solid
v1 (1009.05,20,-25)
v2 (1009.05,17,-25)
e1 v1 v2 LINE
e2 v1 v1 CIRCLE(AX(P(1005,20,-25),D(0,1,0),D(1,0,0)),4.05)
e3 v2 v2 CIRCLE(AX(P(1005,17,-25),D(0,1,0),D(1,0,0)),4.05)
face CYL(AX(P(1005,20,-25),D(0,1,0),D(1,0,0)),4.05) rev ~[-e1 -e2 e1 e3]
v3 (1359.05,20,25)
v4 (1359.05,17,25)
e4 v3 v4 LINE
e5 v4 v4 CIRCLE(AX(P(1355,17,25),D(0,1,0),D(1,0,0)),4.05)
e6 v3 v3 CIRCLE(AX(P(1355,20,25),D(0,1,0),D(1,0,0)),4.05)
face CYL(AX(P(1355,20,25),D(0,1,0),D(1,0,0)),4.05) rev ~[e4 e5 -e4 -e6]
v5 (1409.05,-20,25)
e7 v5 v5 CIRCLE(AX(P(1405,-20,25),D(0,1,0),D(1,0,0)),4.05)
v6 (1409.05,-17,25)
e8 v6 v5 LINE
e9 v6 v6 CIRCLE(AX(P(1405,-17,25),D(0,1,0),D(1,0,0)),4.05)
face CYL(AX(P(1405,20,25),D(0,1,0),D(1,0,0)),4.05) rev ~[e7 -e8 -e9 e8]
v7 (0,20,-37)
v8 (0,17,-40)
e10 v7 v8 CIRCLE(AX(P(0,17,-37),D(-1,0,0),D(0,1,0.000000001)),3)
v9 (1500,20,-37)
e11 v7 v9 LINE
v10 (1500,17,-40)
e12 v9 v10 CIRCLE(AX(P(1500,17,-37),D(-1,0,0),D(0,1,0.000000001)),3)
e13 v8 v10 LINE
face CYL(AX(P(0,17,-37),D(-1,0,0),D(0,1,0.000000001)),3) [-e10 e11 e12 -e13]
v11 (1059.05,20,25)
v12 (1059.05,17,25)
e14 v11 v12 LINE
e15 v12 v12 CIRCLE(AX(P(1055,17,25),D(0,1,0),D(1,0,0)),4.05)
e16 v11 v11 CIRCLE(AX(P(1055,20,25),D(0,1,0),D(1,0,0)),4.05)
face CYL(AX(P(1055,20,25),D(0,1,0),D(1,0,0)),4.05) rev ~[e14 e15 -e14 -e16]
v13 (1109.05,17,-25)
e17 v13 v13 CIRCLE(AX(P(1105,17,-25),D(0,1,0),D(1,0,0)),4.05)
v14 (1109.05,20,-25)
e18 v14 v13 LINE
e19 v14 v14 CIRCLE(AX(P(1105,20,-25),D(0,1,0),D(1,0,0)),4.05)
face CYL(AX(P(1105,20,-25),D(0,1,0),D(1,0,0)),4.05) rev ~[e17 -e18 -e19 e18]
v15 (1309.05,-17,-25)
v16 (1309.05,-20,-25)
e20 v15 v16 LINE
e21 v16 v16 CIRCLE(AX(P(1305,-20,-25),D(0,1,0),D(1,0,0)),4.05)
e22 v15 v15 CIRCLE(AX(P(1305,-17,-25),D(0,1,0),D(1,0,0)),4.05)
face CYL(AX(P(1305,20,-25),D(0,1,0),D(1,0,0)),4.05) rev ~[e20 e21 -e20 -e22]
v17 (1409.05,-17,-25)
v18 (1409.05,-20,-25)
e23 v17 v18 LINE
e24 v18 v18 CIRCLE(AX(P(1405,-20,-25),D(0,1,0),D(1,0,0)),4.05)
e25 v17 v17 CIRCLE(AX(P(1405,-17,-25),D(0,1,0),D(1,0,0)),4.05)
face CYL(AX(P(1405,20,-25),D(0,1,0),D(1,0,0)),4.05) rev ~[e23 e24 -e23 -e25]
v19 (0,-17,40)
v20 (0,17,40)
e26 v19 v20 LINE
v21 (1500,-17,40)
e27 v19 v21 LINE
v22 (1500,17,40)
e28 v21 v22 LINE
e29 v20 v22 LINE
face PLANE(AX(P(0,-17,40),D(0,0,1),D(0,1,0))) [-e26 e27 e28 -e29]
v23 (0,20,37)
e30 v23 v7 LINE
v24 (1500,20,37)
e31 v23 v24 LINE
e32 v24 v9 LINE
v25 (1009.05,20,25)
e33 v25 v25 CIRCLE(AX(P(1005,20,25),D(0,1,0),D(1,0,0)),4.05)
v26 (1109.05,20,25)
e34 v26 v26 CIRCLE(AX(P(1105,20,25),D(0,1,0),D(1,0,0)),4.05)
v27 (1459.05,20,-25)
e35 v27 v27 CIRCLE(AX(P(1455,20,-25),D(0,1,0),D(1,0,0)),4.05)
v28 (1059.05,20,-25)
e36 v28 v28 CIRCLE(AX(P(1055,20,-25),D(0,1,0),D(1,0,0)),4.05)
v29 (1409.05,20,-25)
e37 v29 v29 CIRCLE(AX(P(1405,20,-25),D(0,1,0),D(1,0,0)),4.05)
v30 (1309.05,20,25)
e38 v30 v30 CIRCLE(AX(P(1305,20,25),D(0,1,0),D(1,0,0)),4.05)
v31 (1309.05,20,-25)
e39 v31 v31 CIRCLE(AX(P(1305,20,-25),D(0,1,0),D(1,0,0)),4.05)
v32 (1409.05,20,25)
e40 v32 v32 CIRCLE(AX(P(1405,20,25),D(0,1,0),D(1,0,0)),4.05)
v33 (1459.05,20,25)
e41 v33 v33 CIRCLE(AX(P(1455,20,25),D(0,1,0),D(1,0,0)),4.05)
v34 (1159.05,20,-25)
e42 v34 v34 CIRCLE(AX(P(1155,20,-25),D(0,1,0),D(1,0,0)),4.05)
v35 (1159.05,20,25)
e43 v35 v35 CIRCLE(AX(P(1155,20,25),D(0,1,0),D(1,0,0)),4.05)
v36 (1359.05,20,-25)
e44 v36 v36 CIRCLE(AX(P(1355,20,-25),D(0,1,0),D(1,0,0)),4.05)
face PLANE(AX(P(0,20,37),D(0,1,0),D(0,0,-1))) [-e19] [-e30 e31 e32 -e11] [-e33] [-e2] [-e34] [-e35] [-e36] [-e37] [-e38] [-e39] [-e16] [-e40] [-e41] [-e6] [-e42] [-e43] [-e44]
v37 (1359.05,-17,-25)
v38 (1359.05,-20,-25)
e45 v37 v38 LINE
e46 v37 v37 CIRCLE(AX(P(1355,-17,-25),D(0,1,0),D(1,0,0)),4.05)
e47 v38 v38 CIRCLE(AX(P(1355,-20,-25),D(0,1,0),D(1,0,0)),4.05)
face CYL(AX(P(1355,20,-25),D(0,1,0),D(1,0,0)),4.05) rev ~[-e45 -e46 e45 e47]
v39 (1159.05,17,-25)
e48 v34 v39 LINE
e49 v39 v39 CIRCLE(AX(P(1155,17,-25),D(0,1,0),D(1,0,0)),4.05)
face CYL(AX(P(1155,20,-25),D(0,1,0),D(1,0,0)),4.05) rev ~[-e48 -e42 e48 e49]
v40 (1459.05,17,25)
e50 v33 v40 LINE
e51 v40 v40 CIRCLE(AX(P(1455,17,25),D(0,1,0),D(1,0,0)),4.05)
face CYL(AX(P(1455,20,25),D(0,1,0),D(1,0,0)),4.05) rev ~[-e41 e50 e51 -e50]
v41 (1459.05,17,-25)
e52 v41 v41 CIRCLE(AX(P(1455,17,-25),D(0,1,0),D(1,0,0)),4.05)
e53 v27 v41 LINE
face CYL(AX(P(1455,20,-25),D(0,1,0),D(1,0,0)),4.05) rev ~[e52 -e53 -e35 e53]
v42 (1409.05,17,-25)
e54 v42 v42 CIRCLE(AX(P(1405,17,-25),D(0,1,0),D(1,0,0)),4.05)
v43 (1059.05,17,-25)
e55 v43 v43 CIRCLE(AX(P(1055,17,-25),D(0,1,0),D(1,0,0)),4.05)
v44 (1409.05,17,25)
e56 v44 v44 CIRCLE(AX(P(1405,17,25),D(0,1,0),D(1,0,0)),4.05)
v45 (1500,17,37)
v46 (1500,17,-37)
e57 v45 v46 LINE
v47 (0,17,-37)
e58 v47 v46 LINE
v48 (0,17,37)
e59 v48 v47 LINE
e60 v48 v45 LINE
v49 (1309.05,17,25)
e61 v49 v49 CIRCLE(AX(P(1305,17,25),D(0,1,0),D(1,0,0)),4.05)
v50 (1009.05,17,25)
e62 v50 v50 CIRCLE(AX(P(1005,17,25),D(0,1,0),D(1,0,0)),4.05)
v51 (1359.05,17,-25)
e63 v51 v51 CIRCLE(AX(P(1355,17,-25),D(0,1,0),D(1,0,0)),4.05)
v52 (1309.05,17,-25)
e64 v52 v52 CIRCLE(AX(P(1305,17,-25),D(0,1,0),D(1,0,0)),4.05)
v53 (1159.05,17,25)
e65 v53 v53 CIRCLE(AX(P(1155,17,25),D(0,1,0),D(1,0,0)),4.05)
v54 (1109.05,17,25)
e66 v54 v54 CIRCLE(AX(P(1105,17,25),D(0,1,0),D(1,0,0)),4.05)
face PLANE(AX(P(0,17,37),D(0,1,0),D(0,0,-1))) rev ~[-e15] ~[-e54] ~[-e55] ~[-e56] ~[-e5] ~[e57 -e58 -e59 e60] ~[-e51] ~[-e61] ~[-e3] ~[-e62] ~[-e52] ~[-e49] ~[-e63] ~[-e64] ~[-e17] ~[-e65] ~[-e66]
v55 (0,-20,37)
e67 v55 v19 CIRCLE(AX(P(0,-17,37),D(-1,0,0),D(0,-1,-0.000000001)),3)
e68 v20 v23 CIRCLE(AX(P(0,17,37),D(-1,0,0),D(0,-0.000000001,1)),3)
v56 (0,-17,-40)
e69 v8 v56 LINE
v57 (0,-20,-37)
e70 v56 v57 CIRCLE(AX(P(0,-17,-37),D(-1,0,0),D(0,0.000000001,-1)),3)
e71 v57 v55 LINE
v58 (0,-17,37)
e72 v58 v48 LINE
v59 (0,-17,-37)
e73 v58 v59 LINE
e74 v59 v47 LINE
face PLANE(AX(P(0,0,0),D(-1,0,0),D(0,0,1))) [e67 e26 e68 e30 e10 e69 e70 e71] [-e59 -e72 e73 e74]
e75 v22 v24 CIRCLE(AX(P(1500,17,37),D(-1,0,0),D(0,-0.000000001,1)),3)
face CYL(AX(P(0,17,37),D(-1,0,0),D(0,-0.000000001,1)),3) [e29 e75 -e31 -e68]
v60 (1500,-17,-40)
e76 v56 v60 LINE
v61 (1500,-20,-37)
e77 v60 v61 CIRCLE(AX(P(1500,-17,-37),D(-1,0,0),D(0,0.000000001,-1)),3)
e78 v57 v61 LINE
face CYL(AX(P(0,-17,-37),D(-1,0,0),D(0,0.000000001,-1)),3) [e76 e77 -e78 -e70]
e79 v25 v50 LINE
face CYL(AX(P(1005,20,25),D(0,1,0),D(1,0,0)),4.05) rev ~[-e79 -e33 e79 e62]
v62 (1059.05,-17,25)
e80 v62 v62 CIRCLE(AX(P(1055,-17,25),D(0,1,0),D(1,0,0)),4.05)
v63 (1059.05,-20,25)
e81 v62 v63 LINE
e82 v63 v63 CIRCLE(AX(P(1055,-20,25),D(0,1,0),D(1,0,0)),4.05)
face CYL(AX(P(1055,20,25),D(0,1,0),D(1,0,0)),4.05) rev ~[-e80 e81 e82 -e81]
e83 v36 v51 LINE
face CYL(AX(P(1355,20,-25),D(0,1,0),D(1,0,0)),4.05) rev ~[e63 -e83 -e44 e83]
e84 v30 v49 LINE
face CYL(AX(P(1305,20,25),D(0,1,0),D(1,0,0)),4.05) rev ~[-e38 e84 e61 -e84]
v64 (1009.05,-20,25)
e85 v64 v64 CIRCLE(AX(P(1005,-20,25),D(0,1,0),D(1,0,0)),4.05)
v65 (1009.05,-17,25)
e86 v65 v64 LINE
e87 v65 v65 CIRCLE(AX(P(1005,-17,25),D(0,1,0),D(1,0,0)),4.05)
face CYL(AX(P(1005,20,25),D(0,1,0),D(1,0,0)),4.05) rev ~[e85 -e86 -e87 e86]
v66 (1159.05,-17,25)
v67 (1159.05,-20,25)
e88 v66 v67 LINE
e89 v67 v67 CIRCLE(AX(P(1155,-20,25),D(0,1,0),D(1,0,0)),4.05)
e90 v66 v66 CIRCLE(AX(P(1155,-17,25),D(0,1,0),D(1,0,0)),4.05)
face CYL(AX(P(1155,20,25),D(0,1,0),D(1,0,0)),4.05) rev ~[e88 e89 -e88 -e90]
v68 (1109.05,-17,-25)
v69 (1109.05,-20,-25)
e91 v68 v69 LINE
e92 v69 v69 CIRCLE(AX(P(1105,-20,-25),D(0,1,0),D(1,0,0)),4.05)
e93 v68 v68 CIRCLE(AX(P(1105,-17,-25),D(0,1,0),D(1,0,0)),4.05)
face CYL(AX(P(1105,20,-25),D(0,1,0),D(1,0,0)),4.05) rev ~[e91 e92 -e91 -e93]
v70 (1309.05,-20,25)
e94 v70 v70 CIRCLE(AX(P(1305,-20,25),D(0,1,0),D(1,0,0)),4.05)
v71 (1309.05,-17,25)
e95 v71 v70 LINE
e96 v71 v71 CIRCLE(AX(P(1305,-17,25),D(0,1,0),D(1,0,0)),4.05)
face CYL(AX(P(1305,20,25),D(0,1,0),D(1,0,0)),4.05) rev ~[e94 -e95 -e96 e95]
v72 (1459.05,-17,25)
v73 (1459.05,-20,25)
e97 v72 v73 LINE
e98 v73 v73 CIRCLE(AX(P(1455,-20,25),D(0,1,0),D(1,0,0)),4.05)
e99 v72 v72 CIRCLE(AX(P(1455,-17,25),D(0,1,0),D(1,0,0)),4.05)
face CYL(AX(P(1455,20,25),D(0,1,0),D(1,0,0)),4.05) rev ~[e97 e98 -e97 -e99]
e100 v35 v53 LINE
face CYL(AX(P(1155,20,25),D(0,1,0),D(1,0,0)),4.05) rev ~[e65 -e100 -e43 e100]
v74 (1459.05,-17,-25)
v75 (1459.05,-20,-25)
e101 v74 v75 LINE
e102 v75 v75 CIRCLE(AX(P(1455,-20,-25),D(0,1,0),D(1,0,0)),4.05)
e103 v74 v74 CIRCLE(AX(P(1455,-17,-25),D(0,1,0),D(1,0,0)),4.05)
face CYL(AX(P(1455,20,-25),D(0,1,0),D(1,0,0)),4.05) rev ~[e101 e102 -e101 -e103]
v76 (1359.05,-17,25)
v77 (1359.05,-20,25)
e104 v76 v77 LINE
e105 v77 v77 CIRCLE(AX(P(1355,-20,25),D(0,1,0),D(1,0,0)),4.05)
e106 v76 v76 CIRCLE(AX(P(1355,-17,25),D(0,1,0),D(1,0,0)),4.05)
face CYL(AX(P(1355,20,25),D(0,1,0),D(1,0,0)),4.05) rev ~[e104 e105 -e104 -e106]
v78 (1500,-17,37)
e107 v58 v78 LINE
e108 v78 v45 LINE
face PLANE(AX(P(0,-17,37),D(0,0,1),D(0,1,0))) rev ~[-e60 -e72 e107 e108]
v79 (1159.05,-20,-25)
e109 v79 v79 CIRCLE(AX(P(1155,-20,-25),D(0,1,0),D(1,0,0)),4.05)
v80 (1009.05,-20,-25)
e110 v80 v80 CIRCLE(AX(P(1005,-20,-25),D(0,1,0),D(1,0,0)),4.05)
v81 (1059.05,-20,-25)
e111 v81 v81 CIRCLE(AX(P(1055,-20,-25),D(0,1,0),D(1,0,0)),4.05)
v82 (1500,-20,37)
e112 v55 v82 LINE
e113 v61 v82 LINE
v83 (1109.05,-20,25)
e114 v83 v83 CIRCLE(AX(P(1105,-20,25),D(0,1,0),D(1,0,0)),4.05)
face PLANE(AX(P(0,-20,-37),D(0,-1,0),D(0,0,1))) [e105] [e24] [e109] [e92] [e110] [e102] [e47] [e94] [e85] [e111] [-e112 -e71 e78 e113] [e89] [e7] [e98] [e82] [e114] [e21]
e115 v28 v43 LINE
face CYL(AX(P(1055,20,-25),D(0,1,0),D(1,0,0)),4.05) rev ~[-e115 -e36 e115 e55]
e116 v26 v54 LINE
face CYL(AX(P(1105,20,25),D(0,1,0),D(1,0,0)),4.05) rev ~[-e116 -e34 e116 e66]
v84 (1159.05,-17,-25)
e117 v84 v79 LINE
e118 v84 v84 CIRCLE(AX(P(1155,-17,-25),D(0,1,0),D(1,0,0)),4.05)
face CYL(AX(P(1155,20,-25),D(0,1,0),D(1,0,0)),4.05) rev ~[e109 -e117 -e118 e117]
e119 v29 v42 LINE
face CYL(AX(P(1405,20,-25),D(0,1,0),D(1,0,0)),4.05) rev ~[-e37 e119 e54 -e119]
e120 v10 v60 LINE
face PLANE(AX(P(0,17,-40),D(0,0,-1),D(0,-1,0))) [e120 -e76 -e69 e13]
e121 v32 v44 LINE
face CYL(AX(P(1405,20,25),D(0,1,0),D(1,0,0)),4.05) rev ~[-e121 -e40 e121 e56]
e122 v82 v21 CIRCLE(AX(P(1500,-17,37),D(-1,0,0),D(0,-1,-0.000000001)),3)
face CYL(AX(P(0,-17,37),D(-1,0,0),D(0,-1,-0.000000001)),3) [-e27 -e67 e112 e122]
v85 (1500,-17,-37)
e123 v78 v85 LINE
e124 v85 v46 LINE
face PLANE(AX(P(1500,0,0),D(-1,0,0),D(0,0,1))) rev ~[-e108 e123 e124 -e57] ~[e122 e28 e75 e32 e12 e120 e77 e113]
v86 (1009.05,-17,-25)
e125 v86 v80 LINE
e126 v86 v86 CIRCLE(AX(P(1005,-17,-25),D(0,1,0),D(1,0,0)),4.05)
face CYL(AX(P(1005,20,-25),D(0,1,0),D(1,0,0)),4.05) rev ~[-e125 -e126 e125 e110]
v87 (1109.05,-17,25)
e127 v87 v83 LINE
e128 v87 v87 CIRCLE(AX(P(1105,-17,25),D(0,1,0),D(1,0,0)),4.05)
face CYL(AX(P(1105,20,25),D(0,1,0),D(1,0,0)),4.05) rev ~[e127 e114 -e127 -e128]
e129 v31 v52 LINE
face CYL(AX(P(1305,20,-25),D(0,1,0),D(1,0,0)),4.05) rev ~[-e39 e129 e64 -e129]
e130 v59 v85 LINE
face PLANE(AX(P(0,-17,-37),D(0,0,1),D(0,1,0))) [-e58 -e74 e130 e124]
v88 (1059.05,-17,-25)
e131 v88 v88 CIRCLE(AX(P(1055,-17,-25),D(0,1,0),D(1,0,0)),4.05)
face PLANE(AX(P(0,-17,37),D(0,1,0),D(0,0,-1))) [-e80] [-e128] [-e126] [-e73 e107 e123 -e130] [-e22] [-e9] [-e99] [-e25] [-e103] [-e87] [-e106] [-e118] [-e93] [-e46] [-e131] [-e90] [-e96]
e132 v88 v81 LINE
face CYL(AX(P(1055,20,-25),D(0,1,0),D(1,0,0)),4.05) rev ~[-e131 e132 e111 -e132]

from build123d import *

# Parameters (mm, degrees)
SKETCH_1_W          = 74
SKETCH_1_H          = 34
EXTRUDE_1_DEPTH     = 1500
SKETCH_2_R          = 4.05
CUT_EXTRUDE_1_DEPTH = 41


with BuildPart() as part:
    # Эскиз1 → Вытянуть-Тонкостенный1 (new body)
    with BuildSketch(Plane(origin=(0, 0, 0), x_dir=(0, 0, -1), z_dir=(1, 0, 0))):
        with BuildLine():
            Line((40, 17), (40, -17))
            ThreePointArc((40, -17), (39.121320344, -19.121320344), (37, -20))
            Line((37, -20), (-37, -20))
            ThreePointArc((-37, -20), (-39.121320344, -19.121320344), (-40, -17))
            Line((-40, -17), (-40, 17))
            ThreePointArc((-40, 17), (-39.121320344, 19.121320344), (-37, 20))
            Line((-37, 20), (37, 20))
            ThreePointArc((37, 20), (39.121320344, 19.121320344), (40, 17))
        make_face()
        Rectangle(SKETCH_1_W, SKETCH_1_H, mode=Mode.SUBTRACT)
    extrude(amount=EXTRUDE_1_DEPTH)

    # Эскиз2 → Вырез-Вытянуть1 (cut, through all)
    with BuildSketch(Plane(origin=(0, 20, 0), x_dir=(1, 0, 0), z_dir=(0, 1, 0))):
        with Locations((1455, -25)):
            Circle(SKETCH_2_R)
        with Locations((1405, -25)):
            Circle(SKETCH_2_R)
        with Locations((1355, -25)):
            Circle(SKETCH_2_R)
        with Locations((1305, -25)):
            Circle(SKETCH_2_R)
        with Locations((1155, -25)):
            Circle(SKETCH_2_R)
        with Locations((1105, -25)):
            Circle(SKETCH_2_R)
        with Locations((1055, -25)):
            Circle(SKETCH_2_R)
        with Locations((1005, -25)):
            Circle(SKETCH_2_R)
        with Locations((1005, 25)):
            Circle(SKETCH_2_R)
        with Locations((1055, 25)):
            Circle(SKETCH_2_R)
        with Locations((1105, 25)):
            Circle(SKETCH_2_R)
        with Locations((1155, 25)):
            Circle(SKETCH_2_R)
        with Locations((1305, 25)):
            Circle(SKETCH_2_R)
        with Locations((1355, 25)):
            Circle(SKETCH_2_R)
        with Locations((1405, 25)):
            Circle(SKETCH_2_R)
        with Locations((1455, 25)):
            Circle(SKETCH_2_R)
    extrude(amount=-CUT_EXTRUDE_1_DEPTH, mode=Mode.SUBTRACT)


solid = part.part
